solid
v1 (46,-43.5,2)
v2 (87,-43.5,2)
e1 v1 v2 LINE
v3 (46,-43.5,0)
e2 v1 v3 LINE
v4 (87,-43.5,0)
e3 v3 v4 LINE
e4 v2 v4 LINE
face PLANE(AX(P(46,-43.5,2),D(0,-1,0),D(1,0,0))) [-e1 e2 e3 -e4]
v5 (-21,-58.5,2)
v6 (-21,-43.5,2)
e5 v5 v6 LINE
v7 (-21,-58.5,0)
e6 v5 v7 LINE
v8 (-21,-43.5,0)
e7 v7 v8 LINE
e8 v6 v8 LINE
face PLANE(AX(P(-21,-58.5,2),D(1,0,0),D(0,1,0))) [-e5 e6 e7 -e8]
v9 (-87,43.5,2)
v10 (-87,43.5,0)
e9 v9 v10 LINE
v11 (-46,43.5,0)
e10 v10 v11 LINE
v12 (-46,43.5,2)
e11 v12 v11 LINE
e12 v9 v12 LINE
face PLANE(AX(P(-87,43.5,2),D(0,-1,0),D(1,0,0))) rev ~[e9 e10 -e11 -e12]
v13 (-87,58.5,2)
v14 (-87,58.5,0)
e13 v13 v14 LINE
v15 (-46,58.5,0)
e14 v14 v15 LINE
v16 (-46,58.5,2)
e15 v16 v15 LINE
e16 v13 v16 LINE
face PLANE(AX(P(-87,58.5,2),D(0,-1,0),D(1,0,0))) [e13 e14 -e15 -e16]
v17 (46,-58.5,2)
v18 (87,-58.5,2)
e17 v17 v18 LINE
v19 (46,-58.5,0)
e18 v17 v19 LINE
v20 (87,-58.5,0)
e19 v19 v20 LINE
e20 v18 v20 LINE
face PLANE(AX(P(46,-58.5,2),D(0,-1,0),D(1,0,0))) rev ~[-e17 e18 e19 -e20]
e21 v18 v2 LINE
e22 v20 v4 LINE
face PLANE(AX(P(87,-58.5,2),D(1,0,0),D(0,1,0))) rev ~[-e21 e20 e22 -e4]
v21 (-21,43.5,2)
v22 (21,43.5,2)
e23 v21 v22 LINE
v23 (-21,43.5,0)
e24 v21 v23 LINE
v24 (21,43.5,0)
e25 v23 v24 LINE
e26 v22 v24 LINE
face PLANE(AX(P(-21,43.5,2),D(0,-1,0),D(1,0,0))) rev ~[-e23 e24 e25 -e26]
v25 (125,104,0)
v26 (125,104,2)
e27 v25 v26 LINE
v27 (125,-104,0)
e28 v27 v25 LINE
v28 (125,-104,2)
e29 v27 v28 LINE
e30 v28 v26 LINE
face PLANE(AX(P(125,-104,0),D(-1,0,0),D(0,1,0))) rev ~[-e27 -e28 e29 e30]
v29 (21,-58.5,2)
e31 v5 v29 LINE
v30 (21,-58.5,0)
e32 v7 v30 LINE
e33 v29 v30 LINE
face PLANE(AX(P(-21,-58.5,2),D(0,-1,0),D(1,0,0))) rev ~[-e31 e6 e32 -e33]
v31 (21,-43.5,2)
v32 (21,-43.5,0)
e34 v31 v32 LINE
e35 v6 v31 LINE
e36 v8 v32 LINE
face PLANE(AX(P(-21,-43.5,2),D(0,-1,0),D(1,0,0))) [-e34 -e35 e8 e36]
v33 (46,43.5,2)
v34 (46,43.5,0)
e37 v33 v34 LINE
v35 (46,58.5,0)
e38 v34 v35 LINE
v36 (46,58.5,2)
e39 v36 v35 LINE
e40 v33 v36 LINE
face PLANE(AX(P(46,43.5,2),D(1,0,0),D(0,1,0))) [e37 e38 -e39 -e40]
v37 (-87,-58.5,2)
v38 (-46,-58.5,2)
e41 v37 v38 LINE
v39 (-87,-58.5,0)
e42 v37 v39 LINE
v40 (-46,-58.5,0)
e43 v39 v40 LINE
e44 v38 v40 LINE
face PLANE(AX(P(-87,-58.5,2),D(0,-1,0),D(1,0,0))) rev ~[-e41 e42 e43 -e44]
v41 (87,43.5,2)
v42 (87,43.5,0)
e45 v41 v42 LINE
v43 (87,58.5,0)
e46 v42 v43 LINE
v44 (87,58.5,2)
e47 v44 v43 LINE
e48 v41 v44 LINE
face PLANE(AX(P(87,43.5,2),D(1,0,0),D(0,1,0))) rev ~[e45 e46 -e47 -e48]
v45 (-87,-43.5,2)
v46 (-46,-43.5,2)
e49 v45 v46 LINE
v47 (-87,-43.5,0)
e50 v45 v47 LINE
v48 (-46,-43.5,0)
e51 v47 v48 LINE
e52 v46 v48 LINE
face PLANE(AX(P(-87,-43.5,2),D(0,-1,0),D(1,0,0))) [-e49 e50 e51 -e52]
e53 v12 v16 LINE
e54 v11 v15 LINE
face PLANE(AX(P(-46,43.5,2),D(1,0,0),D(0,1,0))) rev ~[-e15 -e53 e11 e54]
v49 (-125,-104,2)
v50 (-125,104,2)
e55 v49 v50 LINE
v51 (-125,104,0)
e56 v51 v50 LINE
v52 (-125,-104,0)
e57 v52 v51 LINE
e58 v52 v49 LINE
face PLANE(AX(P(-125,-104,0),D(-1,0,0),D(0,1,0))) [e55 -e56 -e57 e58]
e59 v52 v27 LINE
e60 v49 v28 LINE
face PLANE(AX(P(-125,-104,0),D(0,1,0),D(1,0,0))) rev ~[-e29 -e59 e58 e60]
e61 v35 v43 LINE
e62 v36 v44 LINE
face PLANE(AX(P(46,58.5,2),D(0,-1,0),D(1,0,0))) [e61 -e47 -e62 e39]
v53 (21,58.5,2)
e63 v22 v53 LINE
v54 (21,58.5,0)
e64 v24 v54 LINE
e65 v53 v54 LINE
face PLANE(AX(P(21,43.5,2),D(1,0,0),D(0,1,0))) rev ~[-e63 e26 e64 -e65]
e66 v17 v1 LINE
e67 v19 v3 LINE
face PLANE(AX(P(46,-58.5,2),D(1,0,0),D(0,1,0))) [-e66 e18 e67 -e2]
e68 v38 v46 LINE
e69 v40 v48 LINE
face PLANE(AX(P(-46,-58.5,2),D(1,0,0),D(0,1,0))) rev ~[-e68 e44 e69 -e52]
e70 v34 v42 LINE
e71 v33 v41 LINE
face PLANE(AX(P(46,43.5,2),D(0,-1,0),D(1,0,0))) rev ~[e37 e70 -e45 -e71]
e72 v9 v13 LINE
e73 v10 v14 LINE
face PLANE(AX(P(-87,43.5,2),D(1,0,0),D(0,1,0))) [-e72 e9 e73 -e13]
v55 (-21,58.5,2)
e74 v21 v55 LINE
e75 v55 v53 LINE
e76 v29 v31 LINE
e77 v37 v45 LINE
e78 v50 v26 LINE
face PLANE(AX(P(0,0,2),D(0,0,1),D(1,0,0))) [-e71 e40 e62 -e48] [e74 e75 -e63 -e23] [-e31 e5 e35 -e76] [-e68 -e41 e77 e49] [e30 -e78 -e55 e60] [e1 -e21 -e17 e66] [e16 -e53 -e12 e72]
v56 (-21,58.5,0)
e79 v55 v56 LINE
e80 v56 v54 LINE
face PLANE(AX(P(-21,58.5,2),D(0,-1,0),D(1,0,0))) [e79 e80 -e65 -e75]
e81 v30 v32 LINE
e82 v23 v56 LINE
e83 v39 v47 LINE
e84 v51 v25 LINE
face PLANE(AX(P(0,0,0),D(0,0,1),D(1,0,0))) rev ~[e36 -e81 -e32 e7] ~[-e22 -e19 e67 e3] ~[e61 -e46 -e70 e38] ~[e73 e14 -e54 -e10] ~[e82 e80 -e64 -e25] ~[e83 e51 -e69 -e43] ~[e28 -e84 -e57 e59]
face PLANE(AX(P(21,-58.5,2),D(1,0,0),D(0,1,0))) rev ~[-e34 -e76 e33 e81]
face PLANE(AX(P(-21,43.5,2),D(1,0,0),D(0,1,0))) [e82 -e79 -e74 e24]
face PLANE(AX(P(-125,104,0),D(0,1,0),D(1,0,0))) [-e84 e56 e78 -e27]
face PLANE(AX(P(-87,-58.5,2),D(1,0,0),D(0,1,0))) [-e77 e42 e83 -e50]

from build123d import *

# Parameters (mm, degrees)
F0_W     = 250
F0_H     = 208
F1_DEPTH = 2
F2_W     = 42
F2_H     = 15
F2_W_2   = 41
F3_DEPTH = 2.001


with BuildPart() as f1:
    # F0 (on Top) → F1 (new body)
    with BuildSketch(Plane.XY):
        Rectangle(F0_W, F0_H)
    extrude(amount=F1_DEPTH)

    # F2 (on face) → F3 (cut, through all)
    with BuildSketch(Plane.XY.offset(2)):
        with Locations((0, 51)):
            Rectangle(F2_W, F2_H)
        with Locations((66.5, 51)):
            Rectangle(F2_W_2, F2_H)
        with Locations((-66.5, 51)):
            Rectangle(F2_W_2, F2_H)
        with Locations((0, -51)):
            Rectangle(F2_W, F2_H)
        with Locations((66.5, -51)):
            Rectangle(F2_W_2, F2_H)
        with Locations((-66.5, -51)):
            Rectangle(F2_W_2, F2_H)
    extrude(amount=-F3_DEPTH, mode=Mode.SUBTRACT)


solid = f1.part
